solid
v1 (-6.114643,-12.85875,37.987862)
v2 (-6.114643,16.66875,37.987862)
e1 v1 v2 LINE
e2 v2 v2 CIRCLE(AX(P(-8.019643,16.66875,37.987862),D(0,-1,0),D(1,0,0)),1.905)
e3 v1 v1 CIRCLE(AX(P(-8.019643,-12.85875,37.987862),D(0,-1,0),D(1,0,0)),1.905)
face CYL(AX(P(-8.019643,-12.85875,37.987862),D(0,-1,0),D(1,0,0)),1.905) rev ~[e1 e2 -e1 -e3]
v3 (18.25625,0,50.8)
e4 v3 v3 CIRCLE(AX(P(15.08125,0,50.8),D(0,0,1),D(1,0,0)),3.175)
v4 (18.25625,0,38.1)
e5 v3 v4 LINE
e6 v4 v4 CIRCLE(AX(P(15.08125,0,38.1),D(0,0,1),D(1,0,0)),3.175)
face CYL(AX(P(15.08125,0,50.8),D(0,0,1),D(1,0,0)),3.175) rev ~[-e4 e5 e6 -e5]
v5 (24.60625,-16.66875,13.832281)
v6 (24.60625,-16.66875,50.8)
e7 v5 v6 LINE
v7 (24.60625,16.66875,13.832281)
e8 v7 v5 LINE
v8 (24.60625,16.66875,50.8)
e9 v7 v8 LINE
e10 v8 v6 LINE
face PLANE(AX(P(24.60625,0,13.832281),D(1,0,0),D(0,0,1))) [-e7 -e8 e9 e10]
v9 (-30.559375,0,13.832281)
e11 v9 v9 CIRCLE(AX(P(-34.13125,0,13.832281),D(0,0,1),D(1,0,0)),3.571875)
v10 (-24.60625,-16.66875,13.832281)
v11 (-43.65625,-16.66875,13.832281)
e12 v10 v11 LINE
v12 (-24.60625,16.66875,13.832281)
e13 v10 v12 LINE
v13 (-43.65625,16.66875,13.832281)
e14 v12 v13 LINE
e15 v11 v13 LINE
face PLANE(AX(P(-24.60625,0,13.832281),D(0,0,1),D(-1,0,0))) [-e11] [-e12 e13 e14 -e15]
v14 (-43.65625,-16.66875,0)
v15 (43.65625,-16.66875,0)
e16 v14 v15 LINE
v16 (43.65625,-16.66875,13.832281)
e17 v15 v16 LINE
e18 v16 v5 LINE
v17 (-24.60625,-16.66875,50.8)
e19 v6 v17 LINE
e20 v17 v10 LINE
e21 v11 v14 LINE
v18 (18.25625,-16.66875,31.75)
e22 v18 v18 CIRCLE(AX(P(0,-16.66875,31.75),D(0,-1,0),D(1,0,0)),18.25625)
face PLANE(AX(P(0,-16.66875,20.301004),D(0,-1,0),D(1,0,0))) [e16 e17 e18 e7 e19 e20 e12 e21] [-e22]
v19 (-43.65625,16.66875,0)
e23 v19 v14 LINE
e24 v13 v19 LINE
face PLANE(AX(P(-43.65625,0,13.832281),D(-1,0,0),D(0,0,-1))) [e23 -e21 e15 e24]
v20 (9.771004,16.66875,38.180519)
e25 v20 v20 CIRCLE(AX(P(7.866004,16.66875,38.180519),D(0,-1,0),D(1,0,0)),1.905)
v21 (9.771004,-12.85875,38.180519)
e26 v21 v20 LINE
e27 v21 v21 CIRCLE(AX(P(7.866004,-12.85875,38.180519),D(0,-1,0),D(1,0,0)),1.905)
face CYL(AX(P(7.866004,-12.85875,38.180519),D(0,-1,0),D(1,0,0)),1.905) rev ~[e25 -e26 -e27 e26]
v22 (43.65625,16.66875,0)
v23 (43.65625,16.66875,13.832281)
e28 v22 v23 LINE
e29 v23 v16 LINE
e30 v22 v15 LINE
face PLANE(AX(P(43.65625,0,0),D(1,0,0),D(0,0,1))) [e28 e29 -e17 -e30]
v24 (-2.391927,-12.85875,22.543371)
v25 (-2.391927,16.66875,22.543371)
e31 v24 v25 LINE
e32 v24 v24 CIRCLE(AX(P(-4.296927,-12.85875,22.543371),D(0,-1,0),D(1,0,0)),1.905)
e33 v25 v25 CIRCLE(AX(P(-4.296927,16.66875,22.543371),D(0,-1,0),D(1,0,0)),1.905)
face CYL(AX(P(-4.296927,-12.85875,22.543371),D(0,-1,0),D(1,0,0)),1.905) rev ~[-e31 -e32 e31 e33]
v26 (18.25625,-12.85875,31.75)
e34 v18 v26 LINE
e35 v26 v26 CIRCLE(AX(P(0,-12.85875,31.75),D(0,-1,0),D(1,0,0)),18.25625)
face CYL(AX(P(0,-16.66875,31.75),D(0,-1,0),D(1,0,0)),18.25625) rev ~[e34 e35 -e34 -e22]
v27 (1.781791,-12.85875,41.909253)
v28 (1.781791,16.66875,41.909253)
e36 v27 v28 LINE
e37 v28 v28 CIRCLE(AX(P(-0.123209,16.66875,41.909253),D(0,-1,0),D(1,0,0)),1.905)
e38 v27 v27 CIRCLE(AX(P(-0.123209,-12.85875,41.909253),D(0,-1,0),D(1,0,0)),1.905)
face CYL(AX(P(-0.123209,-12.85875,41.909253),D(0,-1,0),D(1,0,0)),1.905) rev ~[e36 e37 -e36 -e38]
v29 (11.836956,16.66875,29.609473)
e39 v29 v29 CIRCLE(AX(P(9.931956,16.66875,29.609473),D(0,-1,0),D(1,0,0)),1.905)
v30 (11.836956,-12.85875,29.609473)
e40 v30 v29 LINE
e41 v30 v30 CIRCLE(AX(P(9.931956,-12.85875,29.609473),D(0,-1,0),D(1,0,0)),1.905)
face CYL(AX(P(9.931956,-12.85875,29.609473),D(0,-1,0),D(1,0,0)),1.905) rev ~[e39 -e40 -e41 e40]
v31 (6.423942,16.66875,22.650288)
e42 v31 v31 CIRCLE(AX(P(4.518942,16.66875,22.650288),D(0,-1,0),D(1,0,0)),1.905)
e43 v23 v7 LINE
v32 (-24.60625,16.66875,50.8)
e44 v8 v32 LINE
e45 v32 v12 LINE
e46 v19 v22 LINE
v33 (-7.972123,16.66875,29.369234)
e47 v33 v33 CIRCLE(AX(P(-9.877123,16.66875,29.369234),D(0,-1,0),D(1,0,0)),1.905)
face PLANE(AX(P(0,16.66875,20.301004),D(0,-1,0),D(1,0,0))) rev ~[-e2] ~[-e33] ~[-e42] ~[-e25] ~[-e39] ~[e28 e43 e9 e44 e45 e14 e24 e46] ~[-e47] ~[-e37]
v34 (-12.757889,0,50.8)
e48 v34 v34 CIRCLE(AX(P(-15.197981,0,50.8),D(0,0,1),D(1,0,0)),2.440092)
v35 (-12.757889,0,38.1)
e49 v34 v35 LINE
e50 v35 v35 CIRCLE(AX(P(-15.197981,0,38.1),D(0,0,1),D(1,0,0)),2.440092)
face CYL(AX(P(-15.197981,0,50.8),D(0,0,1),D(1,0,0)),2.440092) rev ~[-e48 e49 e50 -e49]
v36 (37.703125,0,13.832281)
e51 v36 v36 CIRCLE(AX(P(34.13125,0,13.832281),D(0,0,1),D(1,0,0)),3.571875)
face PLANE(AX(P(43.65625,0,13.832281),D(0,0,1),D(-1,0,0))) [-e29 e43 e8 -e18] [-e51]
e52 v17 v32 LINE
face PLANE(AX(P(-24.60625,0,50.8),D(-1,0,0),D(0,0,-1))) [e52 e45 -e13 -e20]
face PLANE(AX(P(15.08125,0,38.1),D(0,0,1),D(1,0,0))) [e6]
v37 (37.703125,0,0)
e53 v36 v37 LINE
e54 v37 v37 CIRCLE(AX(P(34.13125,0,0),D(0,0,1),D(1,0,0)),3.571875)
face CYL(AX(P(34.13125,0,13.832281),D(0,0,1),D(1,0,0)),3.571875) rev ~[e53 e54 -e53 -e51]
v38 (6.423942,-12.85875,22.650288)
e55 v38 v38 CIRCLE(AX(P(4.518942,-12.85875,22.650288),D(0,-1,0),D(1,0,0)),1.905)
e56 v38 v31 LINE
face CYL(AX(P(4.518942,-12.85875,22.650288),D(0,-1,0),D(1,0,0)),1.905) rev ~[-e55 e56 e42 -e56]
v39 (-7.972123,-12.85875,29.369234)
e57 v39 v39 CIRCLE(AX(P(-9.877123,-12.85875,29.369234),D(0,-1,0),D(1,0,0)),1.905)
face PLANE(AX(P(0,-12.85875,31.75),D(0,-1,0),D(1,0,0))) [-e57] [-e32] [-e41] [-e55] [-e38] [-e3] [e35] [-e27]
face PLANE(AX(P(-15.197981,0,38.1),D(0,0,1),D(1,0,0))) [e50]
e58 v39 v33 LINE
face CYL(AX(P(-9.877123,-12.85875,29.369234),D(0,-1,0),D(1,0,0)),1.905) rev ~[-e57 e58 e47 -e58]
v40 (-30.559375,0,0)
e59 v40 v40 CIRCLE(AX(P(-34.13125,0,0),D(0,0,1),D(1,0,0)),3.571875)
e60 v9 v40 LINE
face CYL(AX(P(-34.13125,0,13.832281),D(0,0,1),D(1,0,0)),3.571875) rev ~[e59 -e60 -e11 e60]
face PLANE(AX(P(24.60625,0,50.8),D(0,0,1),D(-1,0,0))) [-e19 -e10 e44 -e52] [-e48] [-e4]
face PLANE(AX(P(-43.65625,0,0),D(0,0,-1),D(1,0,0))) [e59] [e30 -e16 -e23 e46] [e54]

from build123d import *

# Parameters (mm, degrees)
F1_DEPTH = 16.66875
F2_R     = 3.571875
F3_DEPTH = 13.833281
F4_R     = 3.175
F4_R_2   = 2.440092
F5_DEPTH = 12.7
F6_R     = 18.25625
F7_DEPTH = 3.81
F8_R     = 1.905
F9_DEPTH = 29.5285


with BuildPart() as f1:
    # F0 (on Front) → F1 (new body, symmetric)
    with BuildSketch(Plane.XZ):
        Polygon((-43.65625, 13.832281), (-43.65625, 0), (43.65625, 0), (43.65625, 13.832281), (24.60625, 13.832281), (24.60625, 50.8), (0, 50.8), (-24.60625, 50.8), (-24.60625, 13.832281), align=None)
    extrude(amount=F1_DEPTH, both=True)

    # F2 (on face) → F3 (cut, through all)
    with BuildSketch(Plane.XY.offset(13.832281)):
        with Locations((-34.13125, 0)):
            Circle(F2_R)
        with Locations((34.13125, 0)):
            Circle(F2_R)
    extrude(amount=-F3_DEPTH, mode=Mode.SUBTRACT)

    # F4 (on face) → F5 (cut)
    with BuildSketch(Plane.XY.offset(50.8)):
        with Locations((15.08125, 0)):
            Circle(F4_R)
        with Locations((-15.197981, 0)):
            Circle(F4_R_2)
    extrude(amount=-F5_DEPTH, mode=Mode.SUBTRACT)

    # F6 (on face) → F7 (cut)
    with BuildSketch(Plane.XZ.offset(16.66875)):
        with Locations((0, 31.75)):
            Circle(F6_R)
    extrude(amount=-F7_DEPTH, mode=Mode.SUBTRACT)

    # F8 (on face) → F9 (cut, through all)
    with BuildSketch(Plane.XZ.offset(12.85875)):
        with Locations((-8.019643, 37.987862)):
            Circle(F8_R)
        with Locations((-0.123209, 41.909253)):
            Circle(F8_R)
        with Locations((7.866004, 38.180519)):
            Circle(F8_R)
        with Locations((9.931956, 29.609473)):
            Circle(F8_R)
        with Locations((4.518942, 22.650288)):
            Circle(F8_R)
        with Locations((-4.296927, 22.543371)):
            Circle(F8_R)
        with Locations((-9.877123, 29.369234)):
            Circle(F8_R)
    extrude(amount=-F9_DEPTH, mode=Mode.SUBTRACT)


solid = f1.part
